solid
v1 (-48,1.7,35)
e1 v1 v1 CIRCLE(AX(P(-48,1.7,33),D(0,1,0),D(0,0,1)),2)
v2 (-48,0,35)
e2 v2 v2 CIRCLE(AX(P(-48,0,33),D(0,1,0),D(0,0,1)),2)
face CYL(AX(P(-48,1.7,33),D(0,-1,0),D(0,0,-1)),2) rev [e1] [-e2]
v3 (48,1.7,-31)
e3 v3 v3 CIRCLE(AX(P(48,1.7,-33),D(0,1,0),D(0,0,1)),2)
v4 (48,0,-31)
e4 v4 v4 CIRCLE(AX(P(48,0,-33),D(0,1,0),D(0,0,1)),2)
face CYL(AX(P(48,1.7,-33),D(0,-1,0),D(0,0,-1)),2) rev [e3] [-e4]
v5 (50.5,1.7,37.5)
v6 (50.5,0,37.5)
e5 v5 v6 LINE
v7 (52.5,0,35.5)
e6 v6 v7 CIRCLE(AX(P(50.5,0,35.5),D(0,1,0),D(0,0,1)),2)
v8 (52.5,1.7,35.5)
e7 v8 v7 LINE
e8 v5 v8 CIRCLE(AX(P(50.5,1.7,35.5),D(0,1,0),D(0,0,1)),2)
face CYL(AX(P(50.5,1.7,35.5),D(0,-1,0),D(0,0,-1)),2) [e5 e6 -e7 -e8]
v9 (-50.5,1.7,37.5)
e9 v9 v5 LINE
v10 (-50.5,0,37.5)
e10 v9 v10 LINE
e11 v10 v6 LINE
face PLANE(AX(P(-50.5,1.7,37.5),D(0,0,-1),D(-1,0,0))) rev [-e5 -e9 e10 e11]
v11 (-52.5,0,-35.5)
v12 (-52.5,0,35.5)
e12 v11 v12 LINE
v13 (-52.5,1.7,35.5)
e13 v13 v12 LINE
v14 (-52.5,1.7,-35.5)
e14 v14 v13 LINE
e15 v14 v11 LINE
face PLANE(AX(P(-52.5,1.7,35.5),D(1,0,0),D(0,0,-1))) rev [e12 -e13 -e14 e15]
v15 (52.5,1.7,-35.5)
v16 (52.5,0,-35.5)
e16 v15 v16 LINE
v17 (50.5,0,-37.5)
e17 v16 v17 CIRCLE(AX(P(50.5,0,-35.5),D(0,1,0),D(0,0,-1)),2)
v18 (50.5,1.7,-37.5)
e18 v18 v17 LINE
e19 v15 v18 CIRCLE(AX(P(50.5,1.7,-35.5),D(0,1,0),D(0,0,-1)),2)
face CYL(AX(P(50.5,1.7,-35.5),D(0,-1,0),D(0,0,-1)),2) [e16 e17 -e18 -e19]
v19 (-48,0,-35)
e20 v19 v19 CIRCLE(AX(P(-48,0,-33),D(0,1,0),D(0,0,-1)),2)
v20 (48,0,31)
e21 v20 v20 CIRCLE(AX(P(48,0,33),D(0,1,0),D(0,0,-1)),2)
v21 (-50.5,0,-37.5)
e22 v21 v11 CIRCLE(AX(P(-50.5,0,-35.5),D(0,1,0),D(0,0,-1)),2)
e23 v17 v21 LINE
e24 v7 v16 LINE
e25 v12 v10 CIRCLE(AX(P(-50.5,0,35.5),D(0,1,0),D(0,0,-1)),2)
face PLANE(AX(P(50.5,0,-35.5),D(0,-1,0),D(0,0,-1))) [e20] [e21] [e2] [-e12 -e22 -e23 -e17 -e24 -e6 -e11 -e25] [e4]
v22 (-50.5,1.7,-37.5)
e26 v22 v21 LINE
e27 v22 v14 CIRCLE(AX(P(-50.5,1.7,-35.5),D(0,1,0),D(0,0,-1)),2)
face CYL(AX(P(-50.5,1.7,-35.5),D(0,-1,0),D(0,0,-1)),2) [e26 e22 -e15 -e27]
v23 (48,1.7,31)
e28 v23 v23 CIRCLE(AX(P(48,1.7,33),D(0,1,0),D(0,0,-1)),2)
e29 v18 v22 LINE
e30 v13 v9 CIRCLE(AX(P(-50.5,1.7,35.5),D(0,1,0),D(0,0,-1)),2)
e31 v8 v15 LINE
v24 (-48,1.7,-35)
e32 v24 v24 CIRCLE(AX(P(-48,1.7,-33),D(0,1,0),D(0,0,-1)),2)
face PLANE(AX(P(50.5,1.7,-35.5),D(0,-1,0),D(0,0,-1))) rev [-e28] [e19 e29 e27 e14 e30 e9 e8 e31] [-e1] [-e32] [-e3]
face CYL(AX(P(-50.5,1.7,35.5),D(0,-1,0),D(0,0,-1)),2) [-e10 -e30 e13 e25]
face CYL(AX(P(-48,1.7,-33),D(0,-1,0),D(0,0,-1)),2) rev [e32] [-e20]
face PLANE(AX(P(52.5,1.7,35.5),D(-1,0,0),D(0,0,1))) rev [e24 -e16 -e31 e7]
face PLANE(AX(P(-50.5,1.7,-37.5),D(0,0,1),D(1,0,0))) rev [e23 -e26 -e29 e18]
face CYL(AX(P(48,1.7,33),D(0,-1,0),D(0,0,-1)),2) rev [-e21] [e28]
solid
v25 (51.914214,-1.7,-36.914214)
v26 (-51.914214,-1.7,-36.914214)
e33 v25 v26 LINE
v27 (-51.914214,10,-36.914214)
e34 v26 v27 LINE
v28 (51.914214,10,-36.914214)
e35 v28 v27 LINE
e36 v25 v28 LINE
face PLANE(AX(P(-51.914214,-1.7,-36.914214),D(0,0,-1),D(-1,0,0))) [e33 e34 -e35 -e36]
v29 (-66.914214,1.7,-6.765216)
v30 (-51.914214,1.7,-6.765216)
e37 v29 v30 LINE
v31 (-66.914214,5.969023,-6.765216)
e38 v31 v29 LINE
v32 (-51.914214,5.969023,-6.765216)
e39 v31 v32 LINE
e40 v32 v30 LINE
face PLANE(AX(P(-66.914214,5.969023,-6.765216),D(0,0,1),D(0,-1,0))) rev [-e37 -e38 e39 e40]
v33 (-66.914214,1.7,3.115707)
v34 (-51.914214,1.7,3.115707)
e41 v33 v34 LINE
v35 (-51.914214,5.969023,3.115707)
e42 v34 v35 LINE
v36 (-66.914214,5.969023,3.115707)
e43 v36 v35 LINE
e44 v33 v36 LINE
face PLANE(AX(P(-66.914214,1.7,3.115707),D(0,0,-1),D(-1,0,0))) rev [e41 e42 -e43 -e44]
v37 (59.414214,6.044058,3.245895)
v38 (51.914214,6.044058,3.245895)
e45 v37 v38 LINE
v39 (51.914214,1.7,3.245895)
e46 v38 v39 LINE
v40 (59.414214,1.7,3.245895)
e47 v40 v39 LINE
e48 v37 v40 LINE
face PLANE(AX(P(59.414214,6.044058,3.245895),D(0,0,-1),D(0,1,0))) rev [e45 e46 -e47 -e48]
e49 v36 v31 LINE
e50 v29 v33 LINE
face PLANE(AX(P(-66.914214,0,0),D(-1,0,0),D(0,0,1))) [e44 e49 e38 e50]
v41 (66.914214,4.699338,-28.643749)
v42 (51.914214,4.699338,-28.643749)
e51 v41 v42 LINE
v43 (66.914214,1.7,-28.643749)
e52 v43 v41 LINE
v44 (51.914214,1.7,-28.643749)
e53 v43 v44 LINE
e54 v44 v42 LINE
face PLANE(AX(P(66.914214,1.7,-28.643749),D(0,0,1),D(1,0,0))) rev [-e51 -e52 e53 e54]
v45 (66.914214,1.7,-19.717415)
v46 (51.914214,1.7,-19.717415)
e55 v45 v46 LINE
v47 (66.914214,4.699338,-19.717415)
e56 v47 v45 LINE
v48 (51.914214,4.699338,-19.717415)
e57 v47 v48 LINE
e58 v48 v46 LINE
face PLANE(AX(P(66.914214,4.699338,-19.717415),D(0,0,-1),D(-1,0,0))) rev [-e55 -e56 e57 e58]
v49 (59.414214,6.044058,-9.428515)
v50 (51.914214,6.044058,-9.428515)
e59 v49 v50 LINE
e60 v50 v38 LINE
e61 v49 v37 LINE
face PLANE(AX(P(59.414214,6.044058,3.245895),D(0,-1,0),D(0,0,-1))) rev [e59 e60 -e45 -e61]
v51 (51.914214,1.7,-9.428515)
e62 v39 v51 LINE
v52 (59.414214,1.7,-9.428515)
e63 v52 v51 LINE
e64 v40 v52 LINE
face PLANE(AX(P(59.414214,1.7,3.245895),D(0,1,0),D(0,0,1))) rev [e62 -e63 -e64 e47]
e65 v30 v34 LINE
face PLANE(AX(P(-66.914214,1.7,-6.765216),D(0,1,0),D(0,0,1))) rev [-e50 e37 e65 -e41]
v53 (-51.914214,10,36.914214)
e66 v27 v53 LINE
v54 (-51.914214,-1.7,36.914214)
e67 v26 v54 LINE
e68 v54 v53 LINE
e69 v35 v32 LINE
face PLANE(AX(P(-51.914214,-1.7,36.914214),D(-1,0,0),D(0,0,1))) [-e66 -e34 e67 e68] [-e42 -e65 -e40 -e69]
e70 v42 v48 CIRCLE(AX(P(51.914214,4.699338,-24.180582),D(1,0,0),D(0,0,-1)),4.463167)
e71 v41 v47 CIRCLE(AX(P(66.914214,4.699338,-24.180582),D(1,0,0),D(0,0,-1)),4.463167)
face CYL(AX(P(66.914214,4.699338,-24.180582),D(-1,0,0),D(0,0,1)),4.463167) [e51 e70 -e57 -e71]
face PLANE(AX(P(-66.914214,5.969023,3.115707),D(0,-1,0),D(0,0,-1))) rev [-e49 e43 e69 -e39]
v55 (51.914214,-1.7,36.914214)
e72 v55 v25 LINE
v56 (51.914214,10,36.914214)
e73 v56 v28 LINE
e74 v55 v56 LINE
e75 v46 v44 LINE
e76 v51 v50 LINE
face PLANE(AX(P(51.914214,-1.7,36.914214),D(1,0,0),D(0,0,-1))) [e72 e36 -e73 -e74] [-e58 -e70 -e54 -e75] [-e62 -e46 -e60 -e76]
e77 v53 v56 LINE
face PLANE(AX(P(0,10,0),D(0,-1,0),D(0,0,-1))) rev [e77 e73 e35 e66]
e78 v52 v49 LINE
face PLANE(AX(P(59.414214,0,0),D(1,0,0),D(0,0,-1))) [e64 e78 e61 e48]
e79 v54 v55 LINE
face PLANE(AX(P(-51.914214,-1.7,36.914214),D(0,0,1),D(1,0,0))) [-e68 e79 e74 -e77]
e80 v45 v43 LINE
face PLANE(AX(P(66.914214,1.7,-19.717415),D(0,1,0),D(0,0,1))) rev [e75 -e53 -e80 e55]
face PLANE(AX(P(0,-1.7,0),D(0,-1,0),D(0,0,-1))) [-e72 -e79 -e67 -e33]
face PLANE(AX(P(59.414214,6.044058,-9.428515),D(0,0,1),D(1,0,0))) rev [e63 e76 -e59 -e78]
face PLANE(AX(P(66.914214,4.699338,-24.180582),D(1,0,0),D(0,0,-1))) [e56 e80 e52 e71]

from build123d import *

# Parameters (mm, degrees)
FORMEPCB_DEPTH              = 1.7
ESQUISSE3_R                 = 2
PATERNTROUPCB_DEPTH         = 65.539832662
ESPACECOMPOSANTE_DEPTH      = 10
ESPACECOMPOSANTE_DEPTH_BACK = 1.7
ESQUISSE4_W                 = 103.828427124
ESQUISSE4_H                 = 73.828427124
ESQUISSE5_W                 = 12.674409656
ESQUISSE5_H                 = 4.344058099
ESPACESWITCH_DEPTH          = 7.5
ESPACEPOWER_DEPTH           = 15
ESQUISSE7_W                 = 9.880922925
ESQUISSE7_H                 = 4.269023058
ESPACEUSB_DEPTH             = 15


with BuildPart() as part:
    # Esquisse1 → FormePCB (new body)
    with BuildSketch(Plane(origin=(0, 0, 0), x_dir=(1, 0, 0), z_dir=(0, 1, 0))):
        with BuildLine():
            Line((-50.5, -37.5), (50.5, -37.5))
            ThreePointArc((50.5, -37.5), (51.914213562, -36.914213562), (52.5, -35.5))
            Line((52.5, -35.5), (52.5, 35.5))
            ThreePointArc((52.5, 35.5), (51.914213562, 36.914213562), (50.5, 37.5))
            Line((50.5, 37.5), (-50.5, 37.5))
            ThreePointArc((-50.5, 37.5), (-51.914213562, 36.914213562), (-52.5, 35.5))
            Line((-52.5, 35.5), (-52.5, -35.5))
            ThreePointArc((-52.5, -35.5), (-51.914213562, -36.914213562), (-50.5, -37.5))
        make_face()
    extrude(amount=FORMEPCB_DEPTH)

    # Esquisse3 → PaternTrouPCB (cut, through all)
    with BuildSketch(Plane(origin=(0, 0, 0), x_dir=(1, 0, 0), z_dir=(0, 1, 0))):
        with Locations(Location((48, 33, 0), (0, 0, 270))):
            Circle(ESQUISSE3_R)
        with Locations(Location((48, -33, 0), (0, 0, 90))):
            Circle(ESQUISSE3_R)
        with Locations(Location((-48, 33, 0), (0, 0, 90))):
            Circle(ESQUISSE3_R)
        with Locations(Location((-48, -33, 0), (0, 0, 270))):
            Circle(ESQUISSE3_R)
    extrude(amount=PATERNTROUPCB_DEPTH, mode=Mode.SUBTRACT)


with BuildPart() as body_2:
    # Esquisse4 → EspaceComposante (new, two sides: drawn at the far end of the back side and taken through both)
    with BuildSketch(Plane(origin=(0, 0, 0), x_dir=(1, 0, 0), z_dir=(0, 1, 0)).offset(-ESPACECOMPOSANTE_DEPTH_BACK)):
        Rectangle(ESQUISSE4_W, ESQUISSE4_H)
    extrude(amount=ESPACECOMPOSANTE_DEPTH + ESPACECOMPOSANTE_DEPTH_BACK)

    # Esquisse5 → EspaceSwitch (add)
    with BuildSketch(Plane(origin=(51.914213562, 0, 0), x_dir=(0, 0, -1), z_dir=(1, 0, 0))):
        with Locations((3.091310104, 3.87202905)):
            Rectangle(ESQUISSE5_W, ESQUISSE5_H)
    extrude(amount=ESPACESWITCH_DEPTH)

    # Esquisse6 → EspacePower (add)
    with BuildSketch(Plane(origin=(51.914213562, 0, 0), x_dir=(0, 0, -1), z_dir=(1, 0, 0))):
        with BuildLine():
            Line((19.71741504, 1.7), (28.643749067, 1.7))
            Line((28.643749067, 1.7), (28.643749067, 4.699337824))
            ThreePointArc((28.643749067, 4.699337824), (24.180582053, 9.162504837), (19.71741504, 4.699337824))
            Line((19.71741504, 4.699337824), (19.71741504, 1.7))
        make_face()
    extrude(amount=ESPACEPOWER_DEPTH)

    # Esquisse7 → EspaceUSB (add)
    with BuildSketch(Plane.ZY.offset(51.914213562)):
        with Locations((-1.824754593, 3.834511529)):
            Rectangle(ESQUISSE7_W, ESQUISSE7_H)
    extrude(amount=ESPACEUSB_DEPTH)


solid = Compound([part.part, body_2.part])
